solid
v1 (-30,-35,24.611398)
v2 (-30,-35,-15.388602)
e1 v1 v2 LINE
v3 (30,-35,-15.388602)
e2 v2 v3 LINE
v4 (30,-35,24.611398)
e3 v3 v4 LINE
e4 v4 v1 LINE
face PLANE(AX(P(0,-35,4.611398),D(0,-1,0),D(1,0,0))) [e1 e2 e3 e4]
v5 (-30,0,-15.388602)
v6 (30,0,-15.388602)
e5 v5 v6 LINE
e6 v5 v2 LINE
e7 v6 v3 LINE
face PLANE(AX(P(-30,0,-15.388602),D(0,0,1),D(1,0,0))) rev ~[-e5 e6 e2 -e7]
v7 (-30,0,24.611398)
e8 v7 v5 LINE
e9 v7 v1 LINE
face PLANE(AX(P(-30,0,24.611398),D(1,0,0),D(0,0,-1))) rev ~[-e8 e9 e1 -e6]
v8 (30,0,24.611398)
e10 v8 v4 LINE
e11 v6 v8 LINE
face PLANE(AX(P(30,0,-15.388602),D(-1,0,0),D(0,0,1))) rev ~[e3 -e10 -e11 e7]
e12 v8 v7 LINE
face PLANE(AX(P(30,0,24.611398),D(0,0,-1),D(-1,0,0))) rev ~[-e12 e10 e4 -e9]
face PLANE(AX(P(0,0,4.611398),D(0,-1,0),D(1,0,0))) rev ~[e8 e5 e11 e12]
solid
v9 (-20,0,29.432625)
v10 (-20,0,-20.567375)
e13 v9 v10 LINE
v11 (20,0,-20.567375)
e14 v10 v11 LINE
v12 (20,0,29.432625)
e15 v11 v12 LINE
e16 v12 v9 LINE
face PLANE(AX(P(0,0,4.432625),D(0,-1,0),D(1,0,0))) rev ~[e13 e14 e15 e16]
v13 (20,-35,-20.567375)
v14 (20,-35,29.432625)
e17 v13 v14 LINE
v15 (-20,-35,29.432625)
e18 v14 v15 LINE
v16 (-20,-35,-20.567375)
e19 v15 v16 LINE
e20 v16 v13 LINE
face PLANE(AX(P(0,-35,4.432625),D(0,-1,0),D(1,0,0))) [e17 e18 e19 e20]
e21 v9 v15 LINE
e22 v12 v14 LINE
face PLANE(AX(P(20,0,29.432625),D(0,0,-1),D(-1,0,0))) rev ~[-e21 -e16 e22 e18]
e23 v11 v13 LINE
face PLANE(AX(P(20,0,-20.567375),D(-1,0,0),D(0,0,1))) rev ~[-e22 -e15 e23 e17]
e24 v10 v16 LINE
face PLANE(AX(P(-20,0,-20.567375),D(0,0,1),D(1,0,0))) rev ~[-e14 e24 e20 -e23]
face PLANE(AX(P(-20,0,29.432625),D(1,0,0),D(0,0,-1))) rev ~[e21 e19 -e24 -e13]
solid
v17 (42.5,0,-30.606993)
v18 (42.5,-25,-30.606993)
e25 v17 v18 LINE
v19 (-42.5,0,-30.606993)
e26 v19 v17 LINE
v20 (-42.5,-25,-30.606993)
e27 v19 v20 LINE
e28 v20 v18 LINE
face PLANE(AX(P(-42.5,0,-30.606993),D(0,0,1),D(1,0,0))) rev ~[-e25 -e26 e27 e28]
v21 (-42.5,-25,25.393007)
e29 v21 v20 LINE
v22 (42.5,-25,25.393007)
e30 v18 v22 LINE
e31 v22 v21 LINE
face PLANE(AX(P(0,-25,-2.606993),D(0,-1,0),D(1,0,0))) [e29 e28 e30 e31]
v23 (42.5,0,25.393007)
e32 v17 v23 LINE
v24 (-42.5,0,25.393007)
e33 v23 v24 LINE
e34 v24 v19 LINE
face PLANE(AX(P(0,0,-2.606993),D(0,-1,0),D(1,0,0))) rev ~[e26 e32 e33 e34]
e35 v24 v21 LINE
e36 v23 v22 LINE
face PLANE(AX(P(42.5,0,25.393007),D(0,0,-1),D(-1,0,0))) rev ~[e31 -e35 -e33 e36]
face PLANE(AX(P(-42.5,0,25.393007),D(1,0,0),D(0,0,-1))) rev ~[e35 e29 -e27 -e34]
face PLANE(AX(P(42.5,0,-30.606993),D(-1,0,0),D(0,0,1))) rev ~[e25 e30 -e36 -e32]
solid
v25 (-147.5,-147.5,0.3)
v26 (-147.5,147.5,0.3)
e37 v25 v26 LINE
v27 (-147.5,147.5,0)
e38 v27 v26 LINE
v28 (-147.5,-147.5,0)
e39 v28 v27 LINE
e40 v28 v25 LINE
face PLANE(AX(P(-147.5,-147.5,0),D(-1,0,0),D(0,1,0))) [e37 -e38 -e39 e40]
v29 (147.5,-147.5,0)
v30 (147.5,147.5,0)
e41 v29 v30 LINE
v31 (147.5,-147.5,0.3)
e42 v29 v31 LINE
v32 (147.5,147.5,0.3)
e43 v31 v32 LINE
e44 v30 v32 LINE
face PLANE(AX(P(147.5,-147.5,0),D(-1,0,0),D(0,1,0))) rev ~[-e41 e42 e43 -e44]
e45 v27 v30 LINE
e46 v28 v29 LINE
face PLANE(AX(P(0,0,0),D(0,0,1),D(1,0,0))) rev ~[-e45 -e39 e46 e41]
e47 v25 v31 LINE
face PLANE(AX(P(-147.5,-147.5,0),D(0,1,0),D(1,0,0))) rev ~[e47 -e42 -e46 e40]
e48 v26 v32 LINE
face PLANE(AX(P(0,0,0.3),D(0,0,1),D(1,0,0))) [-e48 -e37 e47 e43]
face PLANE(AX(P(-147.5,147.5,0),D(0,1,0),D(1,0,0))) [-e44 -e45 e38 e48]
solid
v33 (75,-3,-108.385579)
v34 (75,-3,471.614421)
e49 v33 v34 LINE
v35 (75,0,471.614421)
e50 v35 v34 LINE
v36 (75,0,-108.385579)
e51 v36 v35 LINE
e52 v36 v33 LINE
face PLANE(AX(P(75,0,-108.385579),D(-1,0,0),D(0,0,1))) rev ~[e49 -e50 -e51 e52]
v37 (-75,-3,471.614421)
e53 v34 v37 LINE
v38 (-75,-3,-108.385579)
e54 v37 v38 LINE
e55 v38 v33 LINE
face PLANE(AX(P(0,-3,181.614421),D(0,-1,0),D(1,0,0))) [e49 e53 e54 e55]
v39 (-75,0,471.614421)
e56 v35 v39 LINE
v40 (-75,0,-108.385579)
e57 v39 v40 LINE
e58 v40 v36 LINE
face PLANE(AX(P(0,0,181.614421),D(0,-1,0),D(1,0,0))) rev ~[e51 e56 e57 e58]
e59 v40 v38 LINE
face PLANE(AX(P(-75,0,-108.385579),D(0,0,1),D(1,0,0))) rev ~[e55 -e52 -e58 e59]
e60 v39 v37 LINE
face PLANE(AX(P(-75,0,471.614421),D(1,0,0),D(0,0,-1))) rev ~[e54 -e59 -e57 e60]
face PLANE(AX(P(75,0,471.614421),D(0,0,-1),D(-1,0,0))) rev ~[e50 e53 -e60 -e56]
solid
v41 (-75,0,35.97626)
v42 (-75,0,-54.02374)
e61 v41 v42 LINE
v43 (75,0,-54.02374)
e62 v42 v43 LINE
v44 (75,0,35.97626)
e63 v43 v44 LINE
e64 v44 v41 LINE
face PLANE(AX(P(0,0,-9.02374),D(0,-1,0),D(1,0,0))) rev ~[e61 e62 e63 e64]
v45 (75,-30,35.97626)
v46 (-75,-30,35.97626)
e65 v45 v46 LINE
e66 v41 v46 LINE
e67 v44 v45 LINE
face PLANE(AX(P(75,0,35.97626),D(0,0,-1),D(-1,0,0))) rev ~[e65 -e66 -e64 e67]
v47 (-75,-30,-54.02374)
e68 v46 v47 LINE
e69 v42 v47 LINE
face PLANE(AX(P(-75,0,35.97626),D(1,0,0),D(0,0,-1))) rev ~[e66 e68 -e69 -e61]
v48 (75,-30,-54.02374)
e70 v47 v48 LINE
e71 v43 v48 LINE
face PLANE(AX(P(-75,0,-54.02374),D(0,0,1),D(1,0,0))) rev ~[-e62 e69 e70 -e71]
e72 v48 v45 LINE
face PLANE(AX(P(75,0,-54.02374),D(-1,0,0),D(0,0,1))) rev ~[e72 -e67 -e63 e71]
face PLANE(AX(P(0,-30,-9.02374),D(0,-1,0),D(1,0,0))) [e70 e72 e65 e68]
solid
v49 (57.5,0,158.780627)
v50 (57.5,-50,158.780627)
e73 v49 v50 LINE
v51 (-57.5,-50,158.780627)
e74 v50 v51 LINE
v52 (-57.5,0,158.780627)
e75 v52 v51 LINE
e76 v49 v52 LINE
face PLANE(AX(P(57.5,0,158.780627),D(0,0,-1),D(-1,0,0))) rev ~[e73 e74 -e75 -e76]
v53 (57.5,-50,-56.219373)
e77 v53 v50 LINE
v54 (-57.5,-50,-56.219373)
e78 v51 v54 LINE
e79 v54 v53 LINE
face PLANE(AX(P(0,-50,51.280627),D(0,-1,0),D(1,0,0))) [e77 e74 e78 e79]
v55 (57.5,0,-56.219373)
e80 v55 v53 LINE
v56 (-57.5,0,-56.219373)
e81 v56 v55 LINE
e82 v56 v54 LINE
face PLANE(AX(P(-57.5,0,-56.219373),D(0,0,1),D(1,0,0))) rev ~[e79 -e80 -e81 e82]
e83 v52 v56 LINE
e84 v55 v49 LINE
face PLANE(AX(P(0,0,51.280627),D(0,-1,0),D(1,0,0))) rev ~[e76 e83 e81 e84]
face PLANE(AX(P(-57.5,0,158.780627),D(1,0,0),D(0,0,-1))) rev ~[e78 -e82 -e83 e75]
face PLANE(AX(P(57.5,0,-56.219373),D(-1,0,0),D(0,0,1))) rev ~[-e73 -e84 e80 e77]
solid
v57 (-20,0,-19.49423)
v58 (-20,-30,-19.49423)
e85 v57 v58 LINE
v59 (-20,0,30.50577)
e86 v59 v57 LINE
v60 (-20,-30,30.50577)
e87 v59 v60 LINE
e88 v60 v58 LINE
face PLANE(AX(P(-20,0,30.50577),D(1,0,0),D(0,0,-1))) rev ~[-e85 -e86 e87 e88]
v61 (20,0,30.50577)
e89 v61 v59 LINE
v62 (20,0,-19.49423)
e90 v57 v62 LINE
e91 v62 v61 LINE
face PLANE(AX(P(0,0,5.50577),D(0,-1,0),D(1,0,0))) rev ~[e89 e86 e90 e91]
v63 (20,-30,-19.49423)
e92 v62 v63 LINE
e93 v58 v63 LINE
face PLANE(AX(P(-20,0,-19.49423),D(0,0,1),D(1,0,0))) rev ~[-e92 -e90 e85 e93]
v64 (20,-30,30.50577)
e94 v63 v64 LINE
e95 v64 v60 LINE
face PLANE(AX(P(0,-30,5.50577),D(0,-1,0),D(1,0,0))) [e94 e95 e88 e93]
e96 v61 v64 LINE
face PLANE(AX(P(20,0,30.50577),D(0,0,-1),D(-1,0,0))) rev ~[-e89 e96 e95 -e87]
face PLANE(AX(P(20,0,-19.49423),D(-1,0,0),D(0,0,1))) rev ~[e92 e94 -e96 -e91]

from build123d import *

# Parameters (mm, degrees)
F1_DEPTH  = 50
F3_DEPTH  = 25
F5_DEPTH  = 35
F7_DEPTH  = 30
F9_DEPTH  = 3
F11_DEPTH = 30
F13_DEPTH = 35
F14_W     = 295
F14_H     = 295
F15_DEPTH = 0.3


with BuildPart() as f1:
    # F0 (on Front) → F1 (new body)
    with BuildSketch(Plane.XZ):
        Polygon((57.5, 158.780627), (0, 158.780627), (-57.5, 158.780627), (-57.5, -56.219373), (0, -56.219373), (57.5, -56.219373), align=None)
    extrude(amount=F1_DEPTH)


with BuildPart() as f3:
    # F2 (on Front) → F3 (new body)
    with BuildSketch(Plane.XZ):
        Polygon((42.5, 25.393007), (0, 25.393007), (-42.5, 25.393007), (-42.5, -30.606993), (0, -30.606993), (42.5, -30.606993), align=None)
    extrude(amount=F3_DEPTH)


with BuildPart() as f5:
    # F4 (on Front) → F5 (new body)
    with BuildSketch(Plane.XZ):
        Polygon((30, 24.611398), (0, 24.611398), (-30, 24.611398), (-30, -15.388602), (0, -15.388602), (30, -15.388602), align=None)
    extrude(amount=F5_DEPTH)


with BuildPart() as f7:
    # F6 (on Front) → F7 (new body)
    with BuildSketch(Plane.XZ):
        Polygon((75, 35.97626), (0, 35.97626), (-75, 35.97626), (-75, -54.02374), (0, -54.02374), (75, -54.02374), align=None)
    extrude(amount=F7_DEPTH)


with BuildPart() as f9:
    # F8 (on Front) → F9 (new body)
    with BuildSketch(Plane.XZ):
        Polygon((75, 471.614421), (0, 471.614421), (-75, 471.614421), (-75, -108.385579), (0, -108.385579), (75, -108.385579), align=None)
    extrude(amount=F9_DEPTH)


with BuildPart() as f11:
    # F10 (on Front) → F11 (new body)
    with BuildSketch(Plane.XZ):
        Polygon((20, 30.50577), (0, 30.50577), (-20, 30.50577), (-20, -19.49423), (0, -19.49423), (20, -19.49423), align=None)
    extrude(amount=F11_DEPTH)


with BuildPart() as f13:
    # F12 (on Front) → F13 (new body)
    with BuildSketch(Plane.XZ):
        Polygon((20, 29.432625), (0, 29.432625), (-20, 29.432625), (-20, -20.567375), (0, -20.567375), (20, -20.567375), align=None)
    extrude(amount=F13_DEPTH)


with BuildPart() as f15:
    # F14 (on Top) → F15 (new body)
    with BuildSketch(Plane.XY):
        Rectangle(F14_W, F14_H)
    extrude(amount=F15_DEPTH)


solid = Compound([f1.part, f3.part, f5.part, f7.part, f9.part, f11.part, f13.part, f15.part])
